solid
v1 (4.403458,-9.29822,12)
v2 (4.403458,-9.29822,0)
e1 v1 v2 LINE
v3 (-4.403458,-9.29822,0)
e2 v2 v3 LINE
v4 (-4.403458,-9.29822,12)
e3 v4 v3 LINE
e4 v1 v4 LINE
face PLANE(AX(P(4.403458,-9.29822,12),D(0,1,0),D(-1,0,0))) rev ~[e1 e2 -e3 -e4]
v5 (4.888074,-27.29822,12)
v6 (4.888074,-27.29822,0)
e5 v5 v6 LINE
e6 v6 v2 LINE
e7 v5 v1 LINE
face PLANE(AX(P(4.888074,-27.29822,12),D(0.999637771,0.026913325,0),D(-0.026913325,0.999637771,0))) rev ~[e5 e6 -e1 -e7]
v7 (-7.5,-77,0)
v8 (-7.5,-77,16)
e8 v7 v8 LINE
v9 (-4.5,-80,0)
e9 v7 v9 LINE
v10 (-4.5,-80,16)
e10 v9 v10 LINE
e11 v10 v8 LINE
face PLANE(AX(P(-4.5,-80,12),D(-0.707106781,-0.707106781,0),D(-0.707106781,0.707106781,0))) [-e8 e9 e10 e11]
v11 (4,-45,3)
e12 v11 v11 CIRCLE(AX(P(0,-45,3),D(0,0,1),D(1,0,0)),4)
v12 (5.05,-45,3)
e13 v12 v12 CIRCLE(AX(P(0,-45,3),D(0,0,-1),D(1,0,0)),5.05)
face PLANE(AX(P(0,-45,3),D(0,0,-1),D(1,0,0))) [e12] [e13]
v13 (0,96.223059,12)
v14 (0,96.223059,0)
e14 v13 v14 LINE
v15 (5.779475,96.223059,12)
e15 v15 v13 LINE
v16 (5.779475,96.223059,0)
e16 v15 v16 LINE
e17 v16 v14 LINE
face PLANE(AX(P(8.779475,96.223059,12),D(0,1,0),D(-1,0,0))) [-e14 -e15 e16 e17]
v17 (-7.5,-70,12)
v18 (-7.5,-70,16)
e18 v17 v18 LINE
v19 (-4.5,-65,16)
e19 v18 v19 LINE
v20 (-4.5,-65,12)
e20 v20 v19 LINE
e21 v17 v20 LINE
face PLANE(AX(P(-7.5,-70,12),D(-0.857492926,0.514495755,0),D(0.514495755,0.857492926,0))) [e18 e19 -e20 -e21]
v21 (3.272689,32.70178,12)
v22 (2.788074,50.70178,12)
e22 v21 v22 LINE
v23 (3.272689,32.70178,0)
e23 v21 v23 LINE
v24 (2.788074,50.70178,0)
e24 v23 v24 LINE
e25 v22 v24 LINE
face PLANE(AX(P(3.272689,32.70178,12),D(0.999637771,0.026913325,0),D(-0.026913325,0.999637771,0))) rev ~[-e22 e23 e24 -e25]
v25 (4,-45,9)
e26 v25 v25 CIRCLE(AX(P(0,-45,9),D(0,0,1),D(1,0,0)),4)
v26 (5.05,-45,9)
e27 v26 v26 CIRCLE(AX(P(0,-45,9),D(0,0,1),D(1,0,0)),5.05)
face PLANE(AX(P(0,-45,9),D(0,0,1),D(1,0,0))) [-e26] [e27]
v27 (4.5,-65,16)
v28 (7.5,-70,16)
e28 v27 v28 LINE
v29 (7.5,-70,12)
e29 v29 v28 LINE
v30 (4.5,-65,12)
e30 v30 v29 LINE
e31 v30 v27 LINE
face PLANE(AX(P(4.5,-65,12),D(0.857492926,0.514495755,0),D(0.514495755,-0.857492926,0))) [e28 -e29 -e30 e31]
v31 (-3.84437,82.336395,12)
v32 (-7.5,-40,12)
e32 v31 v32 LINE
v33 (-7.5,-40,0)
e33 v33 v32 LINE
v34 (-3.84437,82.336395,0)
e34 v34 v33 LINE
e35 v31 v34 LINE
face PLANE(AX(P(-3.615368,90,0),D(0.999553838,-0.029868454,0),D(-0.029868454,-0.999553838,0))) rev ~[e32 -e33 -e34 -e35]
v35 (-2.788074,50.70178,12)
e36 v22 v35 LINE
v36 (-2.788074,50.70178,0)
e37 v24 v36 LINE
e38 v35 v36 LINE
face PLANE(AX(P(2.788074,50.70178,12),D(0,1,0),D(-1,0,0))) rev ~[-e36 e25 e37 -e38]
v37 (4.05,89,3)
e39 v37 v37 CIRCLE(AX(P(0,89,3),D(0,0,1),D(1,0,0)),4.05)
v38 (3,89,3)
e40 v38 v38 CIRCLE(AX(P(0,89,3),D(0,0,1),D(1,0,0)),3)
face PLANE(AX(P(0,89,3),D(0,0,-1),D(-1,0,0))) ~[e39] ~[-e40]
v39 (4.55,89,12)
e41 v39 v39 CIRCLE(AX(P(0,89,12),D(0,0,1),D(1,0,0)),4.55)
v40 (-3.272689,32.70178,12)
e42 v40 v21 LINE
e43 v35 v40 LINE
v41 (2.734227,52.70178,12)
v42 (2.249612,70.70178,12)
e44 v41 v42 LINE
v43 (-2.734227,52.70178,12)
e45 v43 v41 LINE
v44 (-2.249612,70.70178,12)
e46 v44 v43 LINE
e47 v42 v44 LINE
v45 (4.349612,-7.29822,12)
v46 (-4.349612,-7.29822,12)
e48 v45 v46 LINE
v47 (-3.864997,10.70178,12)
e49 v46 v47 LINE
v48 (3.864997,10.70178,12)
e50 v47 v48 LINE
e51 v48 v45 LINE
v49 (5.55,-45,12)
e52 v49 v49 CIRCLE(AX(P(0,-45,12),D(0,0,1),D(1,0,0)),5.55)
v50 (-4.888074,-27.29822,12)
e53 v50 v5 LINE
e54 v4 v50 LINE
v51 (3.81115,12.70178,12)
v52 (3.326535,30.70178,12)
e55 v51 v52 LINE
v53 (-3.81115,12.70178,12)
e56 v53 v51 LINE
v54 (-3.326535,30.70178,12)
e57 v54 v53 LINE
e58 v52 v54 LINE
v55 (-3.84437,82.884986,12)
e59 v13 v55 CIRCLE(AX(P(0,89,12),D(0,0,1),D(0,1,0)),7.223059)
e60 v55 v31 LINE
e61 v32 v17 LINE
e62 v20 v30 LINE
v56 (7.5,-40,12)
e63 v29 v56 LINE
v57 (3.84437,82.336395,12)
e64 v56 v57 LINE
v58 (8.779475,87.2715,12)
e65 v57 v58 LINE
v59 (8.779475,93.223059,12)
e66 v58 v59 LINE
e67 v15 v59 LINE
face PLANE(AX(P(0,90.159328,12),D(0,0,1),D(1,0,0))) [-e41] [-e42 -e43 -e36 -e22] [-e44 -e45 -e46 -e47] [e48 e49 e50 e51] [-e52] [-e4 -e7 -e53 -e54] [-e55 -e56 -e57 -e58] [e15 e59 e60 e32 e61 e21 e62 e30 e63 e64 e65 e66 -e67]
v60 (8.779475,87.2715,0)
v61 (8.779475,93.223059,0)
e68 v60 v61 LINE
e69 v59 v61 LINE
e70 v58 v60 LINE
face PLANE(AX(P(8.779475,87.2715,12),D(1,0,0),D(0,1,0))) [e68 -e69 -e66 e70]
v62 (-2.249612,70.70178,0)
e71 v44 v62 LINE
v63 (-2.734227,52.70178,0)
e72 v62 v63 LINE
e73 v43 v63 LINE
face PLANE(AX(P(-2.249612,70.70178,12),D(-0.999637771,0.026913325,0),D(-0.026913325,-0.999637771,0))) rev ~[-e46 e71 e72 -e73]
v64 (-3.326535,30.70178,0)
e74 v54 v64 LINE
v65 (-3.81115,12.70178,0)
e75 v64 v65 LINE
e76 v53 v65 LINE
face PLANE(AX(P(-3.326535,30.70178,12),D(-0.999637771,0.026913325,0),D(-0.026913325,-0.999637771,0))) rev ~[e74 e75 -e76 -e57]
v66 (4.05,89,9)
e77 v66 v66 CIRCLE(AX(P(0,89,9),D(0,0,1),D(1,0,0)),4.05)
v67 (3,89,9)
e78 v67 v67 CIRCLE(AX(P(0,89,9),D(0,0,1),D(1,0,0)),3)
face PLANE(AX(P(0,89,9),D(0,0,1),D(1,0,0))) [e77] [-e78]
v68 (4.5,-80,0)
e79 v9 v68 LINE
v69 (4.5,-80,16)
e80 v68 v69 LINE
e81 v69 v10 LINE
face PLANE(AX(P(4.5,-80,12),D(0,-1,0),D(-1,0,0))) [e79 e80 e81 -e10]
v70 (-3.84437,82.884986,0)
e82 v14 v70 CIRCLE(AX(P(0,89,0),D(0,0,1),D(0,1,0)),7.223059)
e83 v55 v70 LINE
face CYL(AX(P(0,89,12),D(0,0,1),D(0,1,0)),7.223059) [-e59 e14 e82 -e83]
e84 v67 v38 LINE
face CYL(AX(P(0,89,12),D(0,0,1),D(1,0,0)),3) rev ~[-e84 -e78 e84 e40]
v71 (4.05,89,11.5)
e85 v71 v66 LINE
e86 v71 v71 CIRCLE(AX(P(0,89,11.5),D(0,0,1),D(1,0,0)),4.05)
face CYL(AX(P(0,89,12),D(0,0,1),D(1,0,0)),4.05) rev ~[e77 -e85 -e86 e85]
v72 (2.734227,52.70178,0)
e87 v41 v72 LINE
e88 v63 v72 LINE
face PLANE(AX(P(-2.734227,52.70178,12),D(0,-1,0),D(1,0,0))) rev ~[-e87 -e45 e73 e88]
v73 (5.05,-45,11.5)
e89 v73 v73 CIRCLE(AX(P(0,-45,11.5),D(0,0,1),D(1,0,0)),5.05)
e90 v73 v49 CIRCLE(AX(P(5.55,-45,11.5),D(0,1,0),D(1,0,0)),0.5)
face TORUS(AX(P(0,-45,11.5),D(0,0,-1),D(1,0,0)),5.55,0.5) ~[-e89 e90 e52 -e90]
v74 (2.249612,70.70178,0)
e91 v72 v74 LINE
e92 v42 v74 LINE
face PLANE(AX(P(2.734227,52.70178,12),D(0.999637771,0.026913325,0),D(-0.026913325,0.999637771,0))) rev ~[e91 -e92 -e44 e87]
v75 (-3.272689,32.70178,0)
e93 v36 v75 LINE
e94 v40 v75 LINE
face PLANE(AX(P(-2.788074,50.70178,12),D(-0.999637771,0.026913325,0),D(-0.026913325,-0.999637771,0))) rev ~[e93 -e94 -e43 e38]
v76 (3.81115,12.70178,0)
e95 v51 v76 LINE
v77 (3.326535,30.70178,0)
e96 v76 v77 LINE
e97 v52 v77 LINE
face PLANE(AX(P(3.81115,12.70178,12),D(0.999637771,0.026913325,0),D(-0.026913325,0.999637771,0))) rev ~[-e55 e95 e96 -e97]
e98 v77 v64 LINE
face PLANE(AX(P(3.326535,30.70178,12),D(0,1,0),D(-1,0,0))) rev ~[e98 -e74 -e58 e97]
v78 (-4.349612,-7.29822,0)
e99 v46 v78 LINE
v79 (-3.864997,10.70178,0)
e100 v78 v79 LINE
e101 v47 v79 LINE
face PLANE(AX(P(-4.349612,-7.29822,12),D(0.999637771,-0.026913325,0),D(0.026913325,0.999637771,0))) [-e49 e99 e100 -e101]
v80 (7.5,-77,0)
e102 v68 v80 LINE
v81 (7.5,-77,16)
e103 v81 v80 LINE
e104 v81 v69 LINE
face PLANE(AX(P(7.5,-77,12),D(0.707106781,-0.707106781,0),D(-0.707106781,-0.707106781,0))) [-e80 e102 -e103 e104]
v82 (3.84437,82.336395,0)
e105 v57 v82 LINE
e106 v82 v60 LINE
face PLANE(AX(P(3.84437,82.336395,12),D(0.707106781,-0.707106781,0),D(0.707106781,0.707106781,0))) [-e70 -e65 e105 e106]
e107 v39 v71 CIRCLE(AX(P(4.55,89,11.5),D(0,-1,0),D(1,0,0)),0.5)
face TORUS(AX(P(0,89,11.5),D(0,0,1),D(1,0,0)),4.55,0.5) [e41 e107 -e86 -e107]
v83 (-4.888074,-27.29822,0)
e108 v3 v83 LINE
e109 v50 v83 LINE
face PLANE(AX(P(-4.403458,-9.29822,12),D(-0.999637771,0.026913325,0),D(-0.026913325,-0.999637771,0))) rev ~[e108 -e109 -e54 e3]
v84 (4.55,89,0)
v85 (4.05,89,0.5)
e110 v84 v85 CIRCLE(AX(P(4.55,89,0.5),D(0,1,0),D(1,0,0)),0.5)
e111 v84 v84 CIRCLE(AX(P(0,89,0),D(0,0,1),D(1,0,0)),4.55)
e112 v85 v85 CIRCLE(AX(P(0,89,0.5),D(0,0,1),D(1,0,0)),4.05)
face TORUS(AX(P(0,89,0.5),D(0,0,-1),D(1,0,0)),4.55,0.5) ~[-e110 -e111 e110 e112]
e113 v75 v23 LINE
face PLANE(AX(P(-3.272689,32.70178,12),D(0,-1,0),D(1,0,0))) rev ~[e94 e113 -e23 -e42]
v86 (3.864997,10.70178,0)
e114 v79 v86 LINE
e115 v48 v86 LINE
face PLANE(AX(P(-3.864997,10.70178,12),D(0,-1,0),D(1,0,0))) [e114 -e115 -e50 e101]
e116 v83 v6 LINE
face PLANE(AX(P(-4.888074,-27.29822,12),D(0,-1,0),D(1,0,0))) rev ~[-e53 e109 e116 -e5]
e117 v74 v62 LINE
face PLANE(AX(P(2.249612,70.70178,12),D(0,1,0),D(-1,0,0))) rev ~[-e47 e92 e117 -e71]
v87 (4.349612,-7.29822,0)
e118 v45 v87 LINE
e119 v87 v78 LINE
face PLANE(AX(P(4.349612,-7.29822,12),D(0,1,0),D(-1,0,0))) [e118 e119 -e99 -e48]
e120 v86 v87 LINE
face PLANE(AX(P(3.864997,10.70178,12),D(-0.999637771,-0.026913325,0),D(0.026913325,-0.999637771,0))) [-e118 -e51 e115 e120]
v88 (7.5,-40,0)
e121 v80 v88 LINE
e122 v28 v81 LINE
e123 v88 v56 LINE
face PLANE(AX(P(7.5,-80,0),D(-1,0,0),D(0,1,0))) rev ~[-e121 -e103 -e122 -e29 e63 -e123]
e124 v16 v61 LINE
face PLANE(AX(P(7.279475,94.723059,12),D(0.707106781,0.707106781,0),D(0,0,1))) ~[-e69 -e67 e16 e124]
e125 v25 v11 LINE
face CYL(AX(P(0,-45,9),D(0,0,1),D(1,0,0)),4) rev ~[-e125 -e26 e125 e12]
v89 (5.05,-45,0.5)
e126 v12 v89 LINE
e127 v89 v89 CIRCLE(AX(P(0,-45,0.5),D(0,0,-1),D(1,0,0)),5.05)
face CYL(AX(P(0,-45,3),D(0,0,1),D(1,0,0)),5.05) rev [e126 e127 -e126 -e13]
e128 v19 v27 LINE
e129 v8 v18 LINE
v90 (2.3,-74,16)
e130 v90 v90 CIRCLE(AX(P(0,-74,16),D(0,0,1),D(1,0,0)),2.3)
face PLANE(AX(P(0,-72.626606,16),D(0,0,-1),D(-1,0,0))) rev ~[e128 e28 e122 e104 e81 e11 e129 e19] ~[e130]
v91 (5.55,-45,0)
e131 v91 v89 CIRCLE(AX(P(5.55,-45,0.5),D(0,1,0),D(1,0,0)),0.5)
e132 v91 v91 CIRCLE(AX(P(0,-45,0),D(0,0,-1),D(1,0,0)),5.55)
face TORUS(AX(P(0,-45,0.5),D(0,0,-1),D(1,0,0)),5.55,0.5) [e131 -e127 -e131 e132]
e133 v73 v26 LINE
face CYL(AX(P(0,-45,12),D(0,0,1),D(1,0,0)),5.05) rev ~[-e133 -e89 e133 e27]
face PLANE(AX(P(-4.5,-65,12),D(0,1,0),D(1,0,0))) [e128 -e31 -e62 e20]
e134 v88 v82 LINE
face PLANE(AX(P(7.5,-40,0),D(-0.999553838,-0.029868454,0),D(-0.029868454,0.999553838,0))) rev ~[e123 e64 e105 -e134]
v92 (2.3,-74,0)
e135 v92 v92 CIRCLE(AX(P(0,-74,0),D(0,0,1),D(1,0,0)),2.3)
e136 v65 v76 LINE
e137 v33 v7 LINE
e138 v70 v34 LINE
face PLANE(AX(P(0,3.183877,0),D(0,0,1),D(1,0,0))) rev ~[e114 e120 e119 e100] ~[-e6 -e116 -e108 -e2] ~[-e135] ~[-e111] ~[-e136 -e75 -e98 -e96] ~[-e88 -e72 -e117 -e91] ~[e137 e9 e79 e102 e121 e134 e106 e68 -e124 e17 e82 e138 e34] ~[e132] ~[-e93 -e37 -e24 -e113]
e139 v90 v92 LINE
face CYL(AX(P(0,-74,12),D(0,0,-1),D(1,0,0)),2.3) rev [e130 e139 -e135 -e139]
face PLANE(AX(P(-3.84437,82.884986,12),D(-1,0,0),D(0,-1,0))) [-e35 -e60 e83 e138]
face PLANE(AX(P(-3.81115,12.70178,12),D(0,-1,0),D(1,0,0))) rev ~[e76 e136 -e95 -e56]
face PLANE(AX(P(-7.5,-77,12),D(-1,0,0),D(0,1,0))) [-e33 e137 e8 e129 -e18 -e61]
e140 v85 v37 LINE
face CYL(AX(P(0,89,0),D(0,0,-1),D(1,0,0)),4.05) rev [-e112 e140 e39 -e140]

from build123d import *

# Parameters (mm, degrees)
SKETCH_1_R          = 2.3
EXTRUDE_1_DEPTH     = 12
SKETCH_2_R          = 5.05
CUT_EXTRUDE_1_DEPTH = 3
CUT_EXTRUDE_START   = -3
SKETCH_3_R          = 5.05
CUT_EXTRUDE_2_DEPTH = 3
SKETCH_4_R          = 4
CUT_EXTRUDE_3_DEPTH = 15
CUT_EXTRUDE_4_DEPTH = 15
CHAMFER_1_SIZE      = 3
EXTRUDE_2_DEPTH     = 12
SKETCH_8_R          = 3
CUT_EXTRUDE_5_DEPTH = 12
CHAMFER_2_SIZE      = 3
SKETCH_9_R          = 2.3
EXTRUDE_4_DEPTH     = 4
FILLET_1_R          = 0.5
CUT_EXTRUDE_6_DEPTH = 22
SKETCH_11_R         = 4.05
CUT_EXTRUDE_7_DEPTH = 3
FILLET_2_R          = 0.5


with BuildPart() as part:
    # 草图1 → 凸台-拉伸1 (new body)
    with BuildSketch(Plane.XY):
        Polygon((-3.615367776, 90), (-7.5, -40), (-7.5, -80), (7.5, -80), (7.5, -40), (3.615367776, 90), align=None)
        with Locations((0, -74)):
            Circle(SKETCH_1_R, mode=Mode.SUBTRACT)
    extrude(amount=EXTRUDE_1_DEPTH)

    # 草图2 → 切除-拉伸1 (cut)
    with BuildSketch(Plane.XY.offset(12)):
        with Locations((0, -45)):
            Circle(SKETCH_2_R)
    extrude(amount=-CUT_EXTRUDE_1_DEPTH, mode=Mode.SUBTRACT)

    # 草图3 → 切除-拉伸2 (cut)
    with BuildSketch(Plane(origin=(0, 0, 0), x_dir=(-1, 0, 0), z_dir=(0, 0, -1)).offset(CUT_EXTRUDE_START)):
        with Locations(Location((0, -45, 0), (0, 0, 180))):
            Circle(SKETCH_3_R)
    extrude(amount=CUT_EXTRUDE_2_DEPTH, mode=Mode.SUBTRACT)

    # 草图4 → 切除-拉伸3 (cut)
    with BuildSketch(Plane.XY.offset(9)):
        with Locations((0, -45)):
            Circle(SKETCH_4_R)
    extrude(amount=-CUT_EXTRUDE_3_DEPTH, mode=Mode.SUBTRACT)

    # 草图6 → 切除-拉伸4 (cut)
    with BuildSketch(Plane.XY.offset(12)):
        Polygon((4.888073513, -27.298220102), (4.403458128, -9.298220102), (-4.403458128, -9.298220102), (-4.888073513, -27.298220102), align=None)
        Polygon((-3.86499659, 10.701779898), (3.86499659, 10.701779898), (4.349611974, -7.298220102), (-4.349611974, -7.298220102), align=None)
        Polygon((-2.734227359, 52.701779898), (2.734227359, 52.701779898), (2.249611974, 70.701779898), (-2.249611974, 70.701779898), align=None)
        Polygon((-3.272688897, 32.701779898), (3.272688897, 32.701779898), (2.788073513, 50.701779898), (-2.788073513, 50.701779898), align=None)
        Polygon((-3.811150436, 12.701779898), (3.811150436, 12.701779898), (3.326535051, 30.701779898), (-3.326535051, 30.701779898), align=None)
    extrude(amount=-CUT_EXTRUDE_4_DEPTH, mode=Mode.SUBTRACT)

    # 倒角1
    chamfer_1_edges = [part.edges().sort_by_distance(p)[0] for p in [
        (7.5, -80, 6),
        (-7.5, -80, 6),
    ]]
    chamfer(chamfer_1_edges, length=CHAMFER_1_SIZE)

    # 草图7 → 凸台-拉伸2 (add)
    with BuildSketch(Plane.XY.offset(12)):
        Polygon((-3.844369998, 82.33639451), (3.844369998, 82.33639451), (8.779475305, 87.271499817), (8.779475305, 96.223058652), (-8.779475305, 96.223058652), (-8.779475305, 87.271499817), align=None)
    extrude(amount=-EXTRUDE_2_DEPTH)

    # 草图8 → 切除-拉伸5 (cut)
    with BuildSketch(Plane.XY.offset(12)):
        with Locations((0, 89)):
            Circle(SKETCH_8_R)
    extrude(amount=-CUT_EXTRUDE_5_DEPTH, mode=Mode.SUBTRACT)

    # 倒角2
    chamfer_2_edges = [part.edges().sort_by_distance(p)[0] for p in [
        (-8.779475305, 96.223058652, 6),
        (8.779475305, 96.223058652, 6),
    ]]
    chamfer(chamfer_2_edges, length=CHAMFER_2_SIZE)

    # 草图9 → 凸台-拉伸4 (add)
    with BuildSketch(Plane.XY.offset(12)):
        Polygon((-7.5, -70), (-4.5, -65), (4.5, -65), (7.5, -70), (7.5, -77), (4.5, -80), (-4.5, -80), (-7.5, -77), align=None)
        with Locations((0, -74)):
            Circle(SKETCH_9_R, mode=Mode.SUBTRACT)
    extrude(amount=EXTRUDE_4_DEPTH)

    # 圆角1
    fillet_1_edges = [part.edges().sort_by_distance(p)[0] for p in [
        (-5.05, -45, 12),
        (-5.05, -45, 0),
    ]]
    fillet(fillet_1_edges, radius=FILLET_1_R)

    # 草图10 → 切除-拉伸6 (cut)
    with BuildSketch(Plane.XY.offset(12)):
        with BuildLine():
            Line((-5.779475305, 96.223058652), (0, 96.223058652))
            ThreePointArc((0, 96.223058652), (-6.94052162, 91.000433937), (-3.844369998, 82.884986049))
            Line((-3.844369998, 82.884986049), (-3.844369998, 82.33639451))
            Line((-3.844369998, 82.33639451), (-8.779475305, 87.271499817))
            Line((-8.779475305, 87.271499817), (-8.779475305, 93.223058652))
            Line((-8.779475305, 93.223058652), (-5.779475305, 96.223058652))
        make_face()
    extrude(amount=-CUT_EXTRUDE_6_DEPTH, mode=Mode.SUBTRACT)

    # 草图11 → 切除-拉伸7 (cut)
    with BuildSketch(Plane.XY.offset(12)):
        with Locations((0, 89)):
            Circle(SKETCH_11_R)
    cut_extrude_7 = extrude(amount=-CUT_EXTRUDE_7_DEPTH, mode=Mode.SUBTRACT)

    # 镜向1: 切除-拉伸7 across plane
    add(cut_extrude_7.mirror(Plane.XY.offset(6)), mode=Mode.SUBTRACT)

    # 圆角2
    fillet_2_edges = [part.edges().sort_by_distance(p)[0] for p in [
        (-4.05, 89, 12),
        (-4.05, 89, 0),
    ]]
    fillet(fillet_2_edges, radius=FILLET_2_R)


solid = part.part
